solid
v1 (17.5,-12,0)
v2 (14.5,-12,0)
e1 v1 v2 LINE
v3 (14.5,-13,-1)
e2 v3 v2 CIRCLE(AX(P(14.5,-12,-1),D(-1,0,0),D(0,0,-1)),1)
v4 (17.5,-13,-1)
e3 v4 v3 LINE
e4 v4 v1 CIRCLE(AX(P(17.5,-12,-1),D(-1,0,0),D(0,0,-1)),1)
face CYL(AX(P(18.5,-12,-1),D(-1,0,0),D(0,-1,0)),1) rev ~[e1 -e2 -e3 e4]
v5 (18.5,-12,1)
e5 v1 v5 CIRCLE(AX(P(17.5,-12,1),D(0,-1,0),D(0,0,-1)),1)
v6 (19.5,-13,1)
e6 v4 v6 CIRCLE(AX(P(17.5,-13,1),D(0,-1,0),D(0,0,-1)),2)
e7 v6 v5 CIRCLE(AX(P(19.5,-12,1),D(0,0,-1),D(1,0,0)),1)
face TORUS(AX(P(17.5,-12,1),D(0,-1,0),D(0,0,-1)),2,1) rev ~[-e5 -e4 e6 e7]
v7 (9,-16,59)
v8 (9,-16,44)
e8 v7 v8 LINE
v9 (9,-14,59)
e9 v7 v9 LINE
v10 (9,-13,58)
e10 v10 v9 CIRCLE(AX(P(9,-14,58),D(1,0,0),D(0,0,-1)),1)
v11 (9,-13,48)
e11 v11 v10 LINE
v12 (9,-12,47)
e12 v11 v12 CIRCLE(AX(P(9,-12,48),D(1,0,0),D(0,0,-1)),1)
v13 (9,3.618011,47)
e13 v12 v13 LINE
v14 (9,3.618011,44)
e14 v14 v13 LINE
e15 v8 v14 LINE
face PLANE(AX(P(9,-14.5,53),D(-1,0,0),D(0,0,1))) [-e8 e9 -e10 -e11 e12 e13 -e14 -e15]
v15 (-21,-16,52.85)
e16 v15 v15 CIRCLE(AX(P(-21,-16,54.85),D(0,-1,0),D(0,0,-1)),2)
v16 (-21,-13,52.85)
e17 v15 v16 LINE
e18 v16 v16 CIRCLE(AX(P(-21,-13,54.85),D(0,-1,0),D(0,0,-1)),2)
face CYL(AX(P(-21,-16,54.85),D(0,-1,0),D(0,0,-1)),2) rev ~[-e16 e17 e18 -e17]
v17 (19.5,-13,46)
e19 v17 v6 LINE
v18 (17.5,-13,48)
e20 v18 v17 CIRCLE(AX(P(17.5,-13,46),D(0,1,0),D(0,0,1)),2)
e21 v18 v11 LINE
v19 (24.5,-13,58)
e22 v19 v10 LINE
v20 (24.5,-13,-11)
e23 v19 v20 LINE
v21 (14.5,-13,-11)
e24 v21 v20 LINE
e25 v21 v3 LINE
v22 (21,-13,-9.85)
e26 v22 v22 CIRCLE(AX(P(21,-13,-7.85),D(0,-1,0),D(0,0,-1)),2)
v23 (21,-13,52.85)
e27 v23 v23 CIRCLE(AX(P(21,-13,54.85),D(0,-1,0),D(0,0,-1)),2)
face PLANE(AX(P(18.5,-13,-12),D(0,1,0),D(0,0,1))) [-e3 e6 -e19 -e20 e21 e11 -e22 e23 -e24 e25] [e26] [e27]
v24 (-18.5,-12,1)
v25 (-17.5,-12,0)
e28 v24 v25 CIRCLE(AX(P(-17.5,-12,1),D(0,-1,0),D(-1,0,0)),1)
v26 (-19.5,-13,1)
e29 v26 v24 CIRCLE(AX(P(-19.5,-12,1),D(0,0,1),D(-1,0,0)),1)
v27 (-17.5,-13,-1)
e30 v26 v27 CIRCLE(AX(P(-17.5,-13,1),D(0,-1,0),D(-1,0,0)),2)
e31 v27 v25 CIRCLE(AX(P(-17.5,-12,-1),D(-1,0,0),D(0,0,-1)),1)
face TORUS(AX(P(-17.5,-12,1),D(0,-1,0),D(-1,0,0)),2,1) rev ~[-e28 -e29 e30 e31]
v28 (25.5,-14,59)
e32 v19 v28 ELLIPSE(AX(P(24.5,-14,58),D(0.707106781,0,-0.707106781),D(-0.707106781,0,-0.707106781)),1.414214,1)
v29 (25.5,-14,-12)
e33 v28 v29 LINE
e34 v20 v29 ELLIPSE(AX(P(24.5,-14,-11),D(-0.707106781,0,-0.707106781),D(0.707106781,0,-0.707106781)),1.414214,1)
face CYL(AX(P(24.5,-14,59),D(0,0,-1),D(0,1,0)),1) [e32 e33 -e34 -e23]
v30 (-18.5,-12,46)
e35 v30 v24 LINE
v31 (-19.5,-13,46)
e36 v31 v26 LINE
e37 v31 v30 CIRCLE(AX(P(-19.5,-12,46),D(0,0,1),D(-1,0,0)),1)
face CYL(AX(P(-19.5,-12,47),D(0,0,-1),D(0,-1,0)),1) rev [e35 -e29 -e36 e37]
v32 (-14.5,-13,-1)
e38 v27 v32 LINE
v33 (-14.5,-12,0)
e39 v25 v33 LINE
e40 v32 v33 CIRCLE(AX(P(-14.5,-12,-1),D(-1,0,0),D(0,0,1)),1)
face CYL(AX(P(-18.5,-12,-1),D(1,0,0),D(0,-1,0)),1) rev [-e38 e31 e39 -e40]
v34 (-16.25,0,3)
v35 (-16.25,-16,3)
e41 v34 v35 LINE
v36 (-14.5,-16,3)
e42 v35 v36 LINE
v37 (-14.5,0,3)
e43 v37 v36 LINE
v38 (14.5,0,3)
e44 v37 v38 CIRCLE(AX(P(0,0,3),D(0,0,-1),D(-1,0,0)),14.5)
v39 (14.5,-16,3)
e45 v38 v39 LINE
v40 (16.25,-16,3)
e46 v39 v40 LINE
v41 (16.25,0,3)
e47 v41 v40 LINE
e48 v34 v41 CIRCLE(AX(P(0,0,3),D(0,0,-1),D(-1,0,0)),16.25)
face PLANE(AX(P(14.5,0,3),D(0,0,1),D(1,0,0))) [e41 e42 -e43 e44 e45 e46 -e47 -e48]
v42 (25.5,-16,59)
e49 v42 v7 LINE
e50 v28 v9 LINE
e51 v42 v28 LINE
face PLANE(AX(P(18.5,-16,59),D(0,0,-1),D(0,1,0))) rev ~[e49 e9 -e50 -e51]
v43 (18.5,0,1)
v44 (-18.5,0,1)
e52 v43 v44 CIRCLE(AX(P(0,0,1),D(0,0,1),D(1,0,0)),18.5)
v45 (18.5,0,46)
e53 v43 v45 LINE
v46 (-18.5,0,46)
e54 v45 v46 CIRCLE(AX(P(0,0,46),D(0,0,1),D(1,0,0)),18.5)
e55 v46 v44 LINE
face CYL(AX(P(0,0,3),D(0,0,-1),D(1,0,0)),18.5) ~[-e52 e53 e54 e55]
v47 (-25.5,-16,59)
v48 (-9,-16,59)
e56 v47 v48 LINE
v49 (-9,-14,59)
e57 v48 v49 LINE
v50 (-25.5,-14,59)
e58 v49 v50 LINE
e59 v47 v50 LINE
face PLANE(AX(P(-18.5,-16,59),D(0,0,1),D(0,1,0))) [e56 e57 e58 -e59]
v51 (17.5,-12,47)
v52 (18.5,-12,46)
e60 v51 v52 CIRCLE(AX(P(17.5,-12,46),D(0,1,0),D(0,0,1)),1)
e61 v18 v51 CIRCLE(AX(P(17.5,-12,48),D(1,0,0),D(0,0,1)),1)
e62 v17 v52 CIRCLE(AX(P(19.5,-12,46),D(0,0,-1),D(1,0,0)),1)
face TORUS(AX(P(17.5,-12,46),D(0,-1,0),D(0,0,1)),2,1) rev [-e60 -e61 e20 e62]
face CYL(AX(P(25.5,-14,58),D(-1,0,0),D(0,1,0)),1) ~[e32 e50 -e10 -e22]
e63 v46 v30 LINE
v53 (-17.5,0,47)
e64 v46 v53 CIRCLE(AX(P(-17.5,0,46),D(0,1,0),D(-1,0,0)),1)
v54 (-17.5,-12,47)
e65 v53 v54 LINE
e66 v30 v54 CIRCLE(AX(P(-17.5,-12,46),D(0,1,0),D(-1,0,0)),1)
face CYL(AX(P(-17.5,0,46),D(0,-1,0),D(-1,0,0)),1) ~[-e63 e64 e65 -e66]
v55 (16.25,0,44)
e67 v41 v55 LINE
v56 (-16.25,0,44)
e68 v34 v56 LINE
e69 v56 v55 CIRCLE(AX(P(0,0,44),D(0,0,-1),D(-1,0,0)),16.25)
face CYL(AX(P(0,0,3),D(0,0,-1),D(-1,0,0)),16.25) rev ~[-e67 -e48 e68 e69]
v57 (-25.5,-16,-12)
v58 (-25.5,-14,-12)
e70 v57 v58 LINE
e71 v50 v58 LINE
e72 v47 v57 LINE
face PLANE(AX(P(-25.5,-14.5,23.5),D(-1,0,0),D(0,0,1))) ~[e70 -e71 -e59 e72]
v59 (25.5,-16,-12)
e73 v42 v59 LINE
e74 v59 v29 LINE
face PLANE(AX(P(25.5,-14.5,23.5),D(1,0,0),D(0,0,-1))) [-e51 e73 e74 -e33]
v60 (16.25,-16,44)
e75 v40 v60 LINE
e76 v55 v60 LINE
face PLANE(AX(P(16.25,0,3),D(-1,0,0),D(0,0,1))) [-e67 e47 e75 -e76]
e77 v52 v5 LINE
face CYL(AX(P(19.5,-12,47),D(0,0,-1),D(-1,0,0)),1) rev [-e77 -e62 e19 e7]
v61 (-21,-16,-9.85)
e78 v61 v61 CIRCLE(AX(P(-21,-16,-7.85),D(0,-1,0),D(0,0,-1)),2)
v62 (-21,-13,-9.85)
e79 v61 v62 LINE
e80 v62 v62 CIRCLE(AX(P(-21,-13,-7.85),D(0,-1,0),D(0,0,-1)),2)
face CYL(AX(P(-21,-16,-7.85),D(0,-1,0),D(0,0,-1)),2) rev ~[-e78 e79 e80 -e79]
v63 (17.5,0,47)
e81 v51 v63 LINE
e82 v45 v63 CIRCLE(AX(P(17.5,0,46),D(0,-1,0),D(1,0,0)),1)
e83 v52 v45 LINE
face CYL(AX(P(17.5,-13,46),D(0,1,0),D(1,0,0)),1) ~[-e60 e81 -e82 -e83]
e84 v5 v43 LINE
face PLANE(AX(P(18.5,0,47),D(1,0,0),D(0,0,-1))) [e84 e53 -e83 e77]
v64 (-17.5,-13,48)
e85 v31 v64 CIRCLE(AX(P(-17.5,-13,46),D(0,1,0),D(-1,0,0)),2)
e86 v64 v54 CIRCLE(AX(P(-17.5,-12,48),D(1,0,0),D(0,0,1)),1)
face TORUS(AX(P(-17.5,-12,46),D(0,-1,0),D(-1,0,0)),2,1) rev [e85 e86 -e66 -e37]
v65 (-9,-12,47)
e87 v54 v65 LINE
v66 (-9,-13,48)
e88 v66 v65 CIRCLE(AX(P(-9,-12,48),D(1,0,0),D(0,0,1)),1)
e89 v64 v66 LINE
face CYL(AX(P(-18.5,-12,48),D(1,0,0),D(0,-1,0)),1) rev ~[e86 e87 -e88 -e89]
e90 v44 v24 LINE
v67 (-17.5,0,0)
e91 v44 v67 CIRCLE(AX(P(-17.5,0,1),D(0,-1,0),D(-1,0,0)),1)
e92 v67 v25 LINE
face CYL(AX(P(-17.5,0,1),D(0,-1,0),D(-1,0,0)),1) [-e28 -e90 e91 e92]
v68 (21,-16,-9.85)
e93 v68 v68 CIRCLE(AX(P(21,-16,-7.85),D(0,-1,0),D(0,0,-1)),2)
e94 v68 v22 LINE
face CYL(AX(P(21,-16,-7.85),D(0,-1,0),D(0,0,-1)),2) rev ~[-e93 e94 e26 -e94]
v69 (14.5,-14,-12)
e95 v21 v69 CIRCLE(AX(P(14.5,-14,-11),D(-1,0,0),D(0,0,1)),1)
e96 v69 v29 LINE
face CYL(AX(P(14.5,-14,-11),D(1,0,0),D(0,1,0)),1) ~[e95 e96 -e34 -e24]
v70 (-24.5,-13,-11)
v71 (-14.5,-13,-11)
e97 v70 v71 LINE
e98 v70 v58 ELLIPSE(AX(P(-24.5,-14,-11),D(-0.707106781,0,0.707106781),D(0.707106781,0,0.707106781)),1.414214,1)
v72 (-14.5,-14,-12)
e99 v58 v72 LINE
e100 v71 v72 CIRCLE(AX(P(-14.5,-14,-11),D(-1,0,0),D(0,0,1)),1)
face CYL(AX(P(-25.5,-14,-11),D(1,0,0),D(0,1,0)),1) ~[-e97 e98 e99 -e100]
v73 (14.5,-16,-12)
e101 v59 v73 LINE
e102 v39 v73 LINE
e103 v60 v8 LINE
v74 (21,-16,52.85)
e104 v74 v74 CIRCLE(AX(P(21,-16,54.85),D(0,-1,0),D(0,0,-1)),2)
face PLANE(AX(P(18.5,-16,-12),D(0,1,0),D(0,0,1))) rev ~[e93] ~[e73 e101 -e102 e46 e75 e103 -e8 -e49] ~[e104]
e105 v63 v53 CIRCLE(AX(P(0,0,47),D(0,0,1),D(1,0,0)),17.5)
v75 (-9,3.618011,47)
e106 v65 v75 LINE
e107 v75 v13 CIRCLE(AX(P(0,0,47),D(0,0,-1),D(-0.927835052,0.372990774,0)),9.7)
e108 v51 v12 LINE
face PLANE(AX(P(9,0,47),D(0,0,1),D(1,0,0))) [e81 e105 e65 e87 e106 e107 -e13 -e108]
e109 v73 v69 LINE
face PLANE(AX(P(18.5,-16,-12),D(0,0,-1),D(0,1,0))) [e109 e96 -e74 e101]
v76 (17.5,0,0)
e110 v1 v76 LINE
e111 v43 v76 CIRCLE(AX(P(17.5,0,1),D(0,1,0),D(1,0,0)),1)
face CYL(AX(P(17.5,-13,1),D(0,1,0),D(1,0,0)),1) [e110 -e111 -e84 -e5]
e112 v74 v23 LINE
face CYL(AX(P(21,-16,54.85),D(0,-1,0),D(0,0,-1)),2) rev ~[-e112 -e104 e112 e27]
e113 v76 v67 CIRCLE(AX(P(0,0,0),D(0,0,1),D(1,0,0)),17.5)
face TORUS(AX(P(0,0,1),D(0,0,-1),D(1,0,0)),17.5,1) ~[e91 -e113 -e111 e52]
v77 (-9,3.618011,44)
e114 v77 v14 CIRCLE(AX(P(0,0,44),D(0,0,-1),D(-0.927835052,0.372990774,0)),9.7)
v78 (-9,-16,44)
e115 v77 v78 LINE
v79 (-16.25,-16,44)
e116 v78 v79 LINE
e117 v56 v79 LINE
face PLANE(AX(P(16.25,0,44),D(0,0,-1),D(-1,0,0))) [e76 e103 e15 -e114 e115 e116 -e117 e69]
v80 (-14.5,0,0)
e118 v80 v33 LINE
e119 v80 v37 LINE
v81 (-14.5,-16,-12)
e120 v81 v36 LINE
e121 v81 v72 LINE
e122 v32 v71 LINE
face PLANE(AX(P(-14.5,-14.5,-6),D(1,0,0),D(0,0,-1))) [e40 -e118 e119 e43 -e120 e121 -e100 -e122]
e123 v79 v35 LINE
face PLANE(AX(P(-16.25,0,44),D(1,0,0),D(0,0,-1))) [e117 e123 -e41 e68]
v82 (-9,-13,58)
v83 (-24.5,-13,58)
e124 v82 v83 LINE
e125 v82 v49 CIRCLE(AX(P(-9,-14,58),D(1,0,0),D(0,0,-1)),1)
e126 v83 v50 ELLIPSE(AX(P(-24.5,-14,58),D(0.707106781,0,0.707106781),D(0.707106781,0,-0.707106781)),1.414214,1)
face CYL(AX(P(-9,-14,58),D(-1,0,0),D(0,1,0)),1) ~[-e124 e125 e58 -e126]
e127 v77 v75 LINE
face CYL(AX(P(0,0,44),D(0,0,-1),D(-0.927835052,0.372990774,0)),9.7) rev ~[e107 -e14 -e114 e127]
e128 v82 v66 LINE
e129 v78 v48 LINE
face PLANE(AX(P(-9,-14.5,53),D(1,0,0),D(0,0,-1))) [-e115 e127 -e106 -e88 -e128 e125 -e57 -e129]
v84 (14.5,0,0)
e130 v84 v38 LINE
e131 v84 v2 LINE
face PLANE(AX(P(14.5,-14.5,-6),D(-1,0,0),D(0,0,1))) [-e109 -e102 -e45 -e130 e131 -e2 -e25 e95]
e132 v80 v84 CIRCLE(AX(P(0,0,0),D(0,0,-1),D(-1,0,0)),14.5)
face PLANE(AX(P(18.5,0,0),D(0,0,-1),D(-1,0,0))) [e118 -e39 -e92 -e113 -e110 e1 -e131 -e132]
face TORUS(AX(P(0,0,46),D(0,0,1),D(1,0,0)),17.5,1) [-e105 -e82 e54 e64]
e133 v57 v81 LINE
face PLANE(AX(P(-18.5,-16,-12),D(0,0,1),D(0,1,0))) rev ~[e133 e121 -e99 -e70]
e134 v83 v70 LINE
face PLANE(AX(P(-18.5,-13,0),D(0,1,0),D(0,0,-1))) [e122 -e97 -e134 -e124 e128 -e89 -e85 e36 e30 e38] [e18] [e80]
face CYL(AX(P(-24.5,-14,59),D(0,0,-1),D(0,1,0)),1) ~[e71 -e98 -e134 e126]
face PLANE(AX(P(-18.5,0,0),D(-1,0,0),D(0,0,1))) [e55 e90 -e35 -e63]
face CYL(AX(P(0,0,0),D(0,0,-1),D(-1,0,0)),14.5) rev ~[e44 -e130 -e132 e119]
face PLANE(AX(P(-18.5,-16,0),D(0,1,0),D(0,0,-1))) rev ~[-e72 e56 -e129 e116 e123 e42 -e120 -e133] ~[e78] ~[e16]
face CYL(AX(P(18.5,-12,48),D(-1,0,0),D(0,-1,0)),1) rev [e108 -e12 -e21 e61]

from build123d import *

# Parameters (mm, degrees)
BOSS_EXTRU_1_DEPTH      = 3
BOSS_EXTRU_2_DEPTH      = 44
BOSS_EXTRU_4_START      = -3
BOSS_EXTRU_4_DEPTH      = 3
BOSS_EXTRU_6_DEPTH      = 16
ESQUISSE10_W            = 71
ESQUISSE10_H            = 3
BOSS_EXTRU_10_DEPTH     = 7
ESQUISSE12_R            = 2
ENL_V_MAT_EXTRU_1_DEPTH = 73.94861205
ESQUISSE13_W            = 12
ESQUISSE13_H            = 3
BOSS_EXTRU_11_DEPTH     = 9.5
ESQUISSE14_W            = 12
ESQUISSE14_H            = 3
BOSS_EXTRU_12_DEPTH     = 9.5
ESQUISSE15_W            = 12
ESQUISSE15_H            = 3
BOSS_EXTRU_13_DEPTH     = 4
ESQUISSE16_W            = 12
ESQUISSE16_H            = 3
BOSS_EXTRU_14_DEPTH     = 4
CONG_7_R                = 1


with BuildPart() as part:
    # Esquisse1 → Boss.-Extru.1 (new body)
    with BuildSketch(Plane.XY):
        with BuildLine():
            Line((-18.5, 0), (-14.5, 0))
            ThreePointArc((-14.5, 0), (0, 14.5), (14.5, 0))
            Line((14.5, 0), (18.5, 0))
            ThreePointArc((18.5, 0), (0, 18.5), (-18.5, 0))
        make_face()
    extrude(amount=BOSS_EXTRU_1_DEPTH)

    # Esquisse3 → Boss.-Extru.2 (add)
    with BuildSketch(Plane.XY.offset(3)):
        with BuildLine():
            Line((-18.5, 0), (-16.25, 0))
            ThreePointArc((-16.25, 0), (0, 16.25), (16.25, 0))
            Line((16.25, 0), (18.5, 0))
            ThreePointArc((18.5, 0), (0, 18.5), (-18.5, 0))
        make_face()
    extrude(amount=BOSS_EXTRU_2_DEPTH)

    # Esquisse4 → Boss.-Extru.4 (add)
    with BuildSketch(Plane.XY.offset(47).offset(BOSS_EXTRU_4_START)):
        with BuildLine():
            Line((9, 0), (18.5, 0))
            ThreePointArc((18.5, 0), (0, 18.5), (-18.5, 0))
            Line((-18.5, 0), (-9, 0))
            Line((-9, 0), (-9, 3.618010503))
            ThreePointArc((-9, 3.618010503), (0, 9.7), (9, 3.618010503))
            Line((9, 3.618010503), (9, 0))
        make_face()
    extrude(amount=BOSS_EXTRU_4_DEPTH)

    # Esquisse6 → Boss.-Extru.6 (add)
    with BuildSketch(Plane.XZ):
        Polygon((14.5, 3), (16.25, 3), (16.25, 44), (9, 44), (9, 47), (18.5, 47), (18.5, 0), (14.5, 0), align=None)
        Polygon((-14.5, 3), (-14.5, 0), (-18.5, 0), (-18.5, 47), (-9, 47), (-9, 44), (-16.25, 44), (-16.25, 3), align=None)
    extrude(amount=BOSS_EXTRU_6_DEPTH)

    # Esquisse10 → Boss.-Extru.10 (add)
    with BuildSketch(Plane(origin=(18.5, 0, 0), x_dir=(0, 0, -1), z_dir=(1, 0, 0))):
        with Locations((-23.5, -14.5)):
            Rectangle(ESQUISSE10_W, ESQUISSE10_H)
    boss_extru_10 = extrude(amount=BOSS_EXTRU_10_DEPTH)

    # Symétrie4: Boss.-Extru.10 across plane
    add(boss_extru_10.mirror(Plane(origin=(0, 0, 0), x_dir=(0, 0, 1), z_dir=(1, 0, 0))))

    # Esquisse12 → Enlèv. mat.-Extru.1 (cut, through all)
    with BuildSketch(Plane.XZ.offset(16)):
        with Locations(Location((21, 54.85, 0), (0, 0, 270))):
            Circle(ESQUISSE12_R)
        with Locations(Location((21, -7.85, 0), (0, 0, 270))):
            Circle(ESQUISSE12_R)
        with Locations(Location((-21, -7.85, 0), (0, 0, 270))):
            Circle(ESQUISSE12_R)
        with Locations(Location((-21, 54.85, 0), (0, 0, 270))):
            Circle(ESQUISSE12_R)
    extrude(amount=-ENL_V_MAT_EXTRU_1_DEPTH, mode=Mode.SUBTRACT)

    # Esquisse13 → Boss.-Extru.11 (add)
    with BuildSketch(Plane(origin=(-18.5, 0, 0), x_dir=(0, 0, -1), z_dir=(1, 0, 0))):
        with Locations((-53, -14.5)):
            Rectangle(ESQUISSE13_W, ESQUISSE13_H)
    extrude(amount=BOSS_EXTRU_11_DEPTH)

    # Esquisse14 → Boss.-Extru.12 (add)
    with BuildSketch(Plane.ZY.offset(-18.5)):
        with Locations((53, -14.5)):
            Rectangle(ESQUISSE14_W, ESQUISSE14_H)
    extrude(amount=BOSS_EXTRU_12_DEPTH)

    # Esquisse15 → Boss.-Extru.13 (add)
    with BuildSketch(Plane.ZY.offset(-18.5)):
        with Locations((-6, -14.5)):
            Rectangle(ESQUISSE15_W, ESQUISSE15_H)
    extrude(amount=BOSS_EXTRU_13_DEPTH)

    # Esquisse16 → Boss.-Extru.14 (add)
    with BuildSketch(Plane(origin=(-18.5, 0, 0), x_dir=(0, 0, -1), z_dir=(1, 0, 0))):
        with Locations((6, -14.5)):
            Rectangle(ESQUISSE16_W, ESQUISSE16_H)
    extrude(amount=BOSS_EXTRU_14_DEPTH)

    # Congé7
    cong_7_edges = [part.edges().sort_by_distance(p)[0] for p in [
        (-18.5, -6.5, 0),
        (-18.5, -6.5, 47),
        (-18.5, -13, 23.5),
        (-20, -13, -12),
        (-25.5, -13, 23.5),
        (-17.25, -13, 59),
        (-13.75, -13, 47),
        (13.75, -13, 47),
        (0, 18.5, 47),
        (16.5, -13, 0),
        (-16.5, -13, 0),
        (0, 18.5, 0),
        (18.5, -6.5, 47),
        (18.5, -6.5, 0),
        (18.5, -13, 23.5),
        (20, -13, -12),
        (17.25, -13, 59),
        (25.5, -13, 23.5),
    ]]
    fillet(cong_7_edges, radius=CONG_7_R)


solid = part.part
